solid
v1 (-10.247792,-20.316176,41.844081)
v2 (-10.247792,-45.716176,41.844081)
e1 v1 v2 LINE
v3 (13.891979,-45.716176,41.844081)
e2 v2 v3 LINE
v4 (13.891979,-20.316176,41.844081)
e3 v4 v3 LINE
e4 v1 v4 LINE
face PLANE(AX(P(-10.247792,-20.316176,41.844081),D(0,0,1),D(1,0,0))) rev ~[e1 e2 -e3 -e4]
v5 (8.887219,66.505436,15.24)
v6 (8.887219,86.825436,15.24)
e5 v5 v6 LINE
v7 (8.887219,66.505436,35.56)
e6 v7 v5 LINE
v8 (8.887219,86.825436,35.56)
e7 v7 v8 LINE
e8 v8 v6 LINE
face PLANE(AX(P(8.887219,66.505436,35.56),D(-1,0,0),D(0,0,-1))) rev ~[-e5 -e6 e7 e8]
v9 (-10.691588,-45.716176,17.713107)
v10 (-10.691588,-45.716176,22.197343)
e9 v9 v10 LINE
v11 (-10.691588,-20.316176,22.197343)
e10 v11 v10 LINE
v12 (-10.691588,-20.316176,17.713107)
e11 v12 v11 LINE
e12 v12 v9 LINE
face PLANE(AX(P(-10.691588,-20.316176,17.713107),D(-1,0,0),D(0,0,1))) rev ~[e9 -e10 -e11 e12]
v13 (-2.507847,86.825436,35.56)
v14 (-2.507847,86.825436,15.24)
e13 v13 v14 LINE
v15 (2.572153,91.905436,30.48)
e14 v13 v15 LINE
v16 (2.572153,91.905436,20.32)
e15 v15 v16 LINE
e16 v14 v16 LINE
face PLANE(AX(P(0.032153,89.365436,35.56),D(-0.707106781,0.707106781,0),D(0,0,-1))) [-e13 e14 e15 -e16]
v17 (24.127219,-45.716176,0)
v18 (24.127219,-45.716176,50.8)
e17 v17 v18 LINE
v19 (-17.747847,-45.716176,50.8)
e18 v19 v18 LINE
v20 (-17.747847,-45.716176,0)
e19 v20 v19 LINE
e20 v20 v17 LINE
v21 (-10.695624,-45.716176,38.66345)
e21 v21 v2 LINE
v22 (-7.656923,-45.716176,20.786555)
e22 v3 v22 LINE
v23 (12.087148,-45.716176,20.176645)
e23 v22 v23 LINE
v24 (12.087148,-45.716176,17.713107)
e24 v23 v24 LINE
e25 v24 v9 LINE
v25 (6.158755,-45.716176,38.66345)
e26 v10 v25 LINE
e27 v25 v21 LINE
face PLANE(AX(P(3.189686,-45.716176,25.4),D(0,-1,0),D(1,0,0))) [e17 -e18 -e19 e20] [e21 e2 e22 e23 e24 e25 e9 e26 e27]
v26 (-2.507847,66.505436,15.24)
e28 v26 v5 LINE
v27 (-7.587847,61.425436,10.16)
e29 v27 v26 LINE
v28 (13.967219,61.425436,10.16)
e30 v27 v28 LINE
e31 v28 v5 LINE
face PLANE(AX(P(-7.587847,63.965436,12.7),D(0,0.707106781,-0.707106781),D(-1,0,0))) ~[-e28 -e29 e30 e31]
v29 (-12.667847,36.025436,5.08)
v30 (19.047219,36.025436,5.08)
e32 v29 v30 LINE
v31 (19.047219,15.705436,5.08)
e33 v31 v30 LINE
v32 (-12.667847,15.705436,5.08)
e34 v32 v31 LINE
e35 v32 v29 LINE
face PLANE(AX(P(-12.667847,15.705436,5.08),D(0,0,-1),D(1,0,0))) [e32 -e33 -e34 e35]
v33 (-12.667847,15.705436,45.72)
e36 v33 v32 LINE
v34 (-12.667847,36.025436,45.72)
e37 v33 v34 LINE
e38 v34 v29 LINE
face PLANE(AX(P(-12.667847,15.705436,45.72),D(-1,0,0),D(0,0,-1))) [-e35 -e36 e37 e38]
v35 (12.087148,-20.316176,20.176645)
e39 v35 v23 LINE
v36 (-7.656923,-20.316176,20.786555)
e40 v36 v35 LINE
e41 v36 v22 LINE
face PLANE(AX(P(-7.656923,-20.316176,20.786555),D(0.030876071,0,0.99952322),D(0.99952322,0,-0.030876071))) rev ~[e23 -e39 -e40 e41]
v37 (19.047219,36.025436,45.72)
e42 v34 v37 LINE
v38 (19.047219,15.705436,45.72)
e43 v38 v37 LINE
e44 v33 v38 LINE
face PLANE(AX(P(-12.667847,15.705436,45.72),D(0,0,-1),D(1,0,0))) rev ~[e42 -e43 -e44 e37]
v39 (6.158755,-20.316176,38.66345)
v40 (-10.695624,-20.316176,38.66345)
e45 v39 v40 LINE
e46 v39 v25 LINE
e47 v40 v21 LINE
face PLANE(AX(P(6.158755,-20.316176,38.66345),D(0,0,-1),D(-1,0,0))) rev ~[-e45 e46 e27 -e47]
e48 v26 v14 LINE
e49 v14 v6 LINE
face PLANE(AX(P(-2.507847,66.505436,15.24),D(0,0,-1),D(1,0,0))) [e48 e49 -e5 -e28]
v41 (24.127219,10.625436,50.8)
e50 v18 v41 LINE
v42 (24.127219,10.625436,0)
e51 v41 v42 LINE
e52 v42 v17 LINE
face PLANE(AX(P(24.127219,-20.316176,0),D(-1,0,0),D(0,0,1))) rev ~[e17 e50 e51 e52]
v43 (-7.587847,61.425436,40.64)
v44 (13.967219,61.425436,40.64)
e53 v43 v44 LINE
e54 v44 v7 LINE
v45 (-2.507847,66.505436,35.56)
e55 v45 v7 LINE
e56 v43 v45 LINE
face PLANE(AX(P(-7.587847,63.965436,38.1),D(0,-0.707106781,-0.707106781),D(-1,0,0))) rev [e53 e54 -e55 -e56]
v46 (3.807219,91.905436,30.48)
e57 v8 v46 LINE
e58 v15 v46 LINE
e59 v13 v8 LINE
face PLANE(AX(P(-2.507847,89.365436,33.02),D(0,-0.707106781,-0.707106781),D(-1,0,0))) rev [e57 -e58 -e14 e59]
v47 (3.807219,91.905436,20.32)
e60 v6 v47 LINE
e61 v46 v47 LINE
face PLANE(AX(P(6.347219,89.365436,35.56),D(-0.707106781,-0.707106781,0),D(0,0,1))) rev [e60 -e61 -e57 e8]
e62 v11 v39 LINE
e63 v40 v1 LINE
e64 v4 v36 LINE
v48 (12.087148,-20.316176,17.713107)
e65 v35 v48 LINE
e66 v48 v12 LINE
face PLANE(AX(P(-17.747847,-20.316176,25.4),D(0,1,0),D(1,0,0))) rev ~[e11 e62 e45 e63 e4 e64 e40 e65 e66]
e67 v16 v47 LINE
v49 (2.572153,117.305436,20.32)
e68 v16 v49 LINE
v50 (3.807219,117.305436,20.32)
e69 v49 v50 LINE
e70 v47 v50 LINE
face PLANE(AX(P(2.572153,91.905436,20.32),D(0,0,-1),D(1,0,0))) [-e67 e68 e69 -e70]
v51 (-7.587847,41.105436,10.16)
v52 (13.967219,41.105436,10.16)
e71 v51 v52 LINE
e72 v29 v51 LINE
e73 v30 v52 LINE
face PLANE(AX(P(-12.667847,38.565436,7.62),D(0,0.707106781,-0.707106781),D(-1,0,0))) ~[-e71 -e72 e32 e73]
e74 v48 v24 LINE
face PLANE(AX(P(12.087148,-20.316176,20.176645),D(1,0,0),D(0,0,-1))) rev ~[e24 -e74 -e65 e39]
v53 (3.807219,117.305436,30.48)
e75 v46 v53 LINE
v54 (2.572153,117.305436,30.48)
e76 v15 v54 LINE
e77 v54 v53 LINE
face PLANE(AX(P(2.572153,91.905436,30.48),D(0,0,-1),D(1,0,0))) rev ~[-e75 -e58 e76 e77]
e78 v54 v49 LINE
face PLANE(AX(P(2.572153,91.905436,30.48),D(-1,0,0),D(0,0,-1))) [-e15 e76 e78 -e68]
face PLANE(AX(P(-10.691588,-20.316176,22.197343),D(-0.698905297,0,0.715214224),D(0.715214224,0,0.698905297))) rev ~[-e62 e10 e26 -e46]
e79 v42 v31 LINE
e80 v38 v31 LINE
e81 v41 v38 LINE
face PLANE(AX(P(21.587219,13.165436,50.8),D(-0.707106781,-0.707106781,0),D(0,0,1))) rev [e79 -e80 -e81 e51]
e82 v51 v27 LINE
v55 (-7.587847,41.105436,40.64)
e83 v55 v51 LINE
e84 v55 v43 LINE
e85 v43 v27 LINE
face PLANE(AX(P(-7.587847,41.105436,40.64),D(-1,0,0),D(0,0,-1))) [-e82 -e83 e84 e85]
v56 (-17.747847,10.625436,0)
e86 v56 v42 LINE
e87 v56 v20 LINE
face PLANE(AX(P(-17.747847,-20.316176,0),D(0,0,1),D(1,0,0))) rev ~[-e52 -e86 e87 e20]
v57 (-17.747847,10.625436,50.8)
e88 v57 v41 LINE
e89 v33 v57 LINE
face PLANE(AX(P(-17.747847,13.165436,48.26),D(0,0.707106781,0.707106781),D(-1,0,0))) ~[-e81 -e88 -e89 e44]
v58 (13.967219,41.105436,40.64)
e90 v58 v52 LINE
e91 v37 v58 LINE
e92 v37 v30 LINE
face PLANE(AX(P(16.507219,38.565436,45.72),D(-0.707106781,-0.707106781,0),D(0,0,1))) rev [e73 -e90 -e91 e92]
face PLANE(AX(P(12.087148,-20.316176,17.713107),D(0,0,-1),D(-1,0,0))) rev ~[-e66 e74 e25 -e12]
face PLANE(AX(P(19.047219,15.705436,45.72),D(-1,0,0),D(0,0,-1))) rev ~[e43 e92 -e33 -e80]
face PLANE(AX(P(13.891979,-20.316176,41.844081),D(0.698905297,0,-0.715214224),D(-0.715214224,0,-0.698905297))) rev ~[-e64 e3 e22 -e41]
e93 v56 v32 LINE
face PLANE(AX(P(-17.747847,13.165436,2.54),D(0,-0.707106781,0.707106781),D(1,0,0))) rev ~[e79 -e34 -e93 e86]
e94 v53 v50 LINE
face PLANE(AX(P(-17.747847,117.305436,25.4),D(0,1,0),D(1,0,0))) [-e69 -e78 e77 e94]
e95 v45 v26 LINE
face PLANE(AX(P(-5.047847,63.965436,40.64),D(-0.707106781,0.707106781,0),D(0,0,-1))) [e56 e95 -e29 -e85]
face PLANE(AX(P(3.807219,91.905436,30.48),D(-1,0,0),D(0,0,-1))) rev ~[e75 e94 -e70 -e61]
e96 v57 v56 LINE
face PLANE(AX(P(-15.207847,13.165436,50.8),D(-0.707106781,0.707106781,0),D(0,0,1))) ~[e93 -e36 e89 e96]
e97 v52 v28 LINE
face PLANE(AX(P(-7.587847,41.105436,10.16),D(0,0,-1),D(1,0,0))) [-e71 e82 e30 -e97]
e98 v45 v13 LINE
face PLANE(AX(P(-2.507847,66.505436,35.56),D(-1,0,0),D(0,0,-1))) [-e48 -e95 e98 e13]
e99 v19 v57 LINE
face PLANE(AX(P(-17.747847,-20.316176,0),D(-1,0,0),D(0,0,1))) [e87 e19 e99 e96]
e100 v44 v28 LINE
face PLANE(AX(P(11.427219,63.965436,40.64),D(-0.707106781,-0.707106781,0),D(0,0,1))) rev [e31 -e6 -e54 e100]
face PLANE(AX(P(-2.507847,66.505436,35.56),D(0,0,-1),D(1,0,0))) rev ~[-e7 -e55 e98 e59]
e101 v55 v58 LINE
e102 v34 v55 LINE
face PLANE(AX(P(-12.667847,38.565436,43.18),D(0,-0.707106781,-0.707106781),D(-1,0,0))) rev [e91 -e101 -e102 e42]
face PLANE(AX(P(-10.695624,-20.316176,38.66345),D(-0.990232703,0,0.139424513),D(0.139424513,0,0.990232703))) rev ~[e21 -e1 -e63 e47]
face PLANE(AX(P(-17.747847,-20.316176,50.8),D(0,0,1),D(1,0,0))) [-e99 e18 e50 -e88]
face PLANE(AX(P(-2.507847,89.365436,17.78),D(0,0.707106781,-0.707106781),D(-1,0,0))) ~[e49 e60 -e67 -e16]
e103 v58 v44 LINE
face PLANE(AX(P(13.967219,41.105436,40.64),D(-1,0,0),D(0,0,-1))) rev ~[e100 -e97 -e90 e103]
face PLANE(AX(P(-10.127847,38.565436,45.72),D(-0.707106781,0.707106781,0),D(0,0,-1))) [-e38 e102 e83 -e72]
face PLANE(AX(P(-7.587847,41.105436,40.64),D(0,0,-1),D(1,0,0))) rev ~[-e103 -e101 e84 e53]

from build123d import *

# Parameters (mm, degrees)
F0_W      = 41.8750662357
F0_H      = 36.0216127859
F1_DEPTH  = 25.4
F2_W      = 41.8750662357
F2_H      = 36.0216127859
F3_DEPTH  = 25.4
F4_SIZE   = 5.08
F5_W      = 41.8750662357
F5_H      = 50.8
F6_DEPTH  = 25.4
F7_DEPTH  = 25.4
F8_SIZE   = 5.08
F9_DEPTH  = 25.4
F10_SIZE  = 5.08
F11_DEPTH = 25.4
F12_SIZE  = 5.08
F13_DEPTH = 25.4


with BuildPart() as f1:
    # F0 (on Top) → F1 (new body)
    with BuildSketch(Plane.XY):
        with Locations((3.1896857545, -2.3053699248)):
            Rectangle(F0_W, F0_H)
    extrude(amount=F1_DEPTH)

    # F2 (on face) → F3 (join)
    with BuildSketch(Plane.XY.offset(25.4)):
        with Locations((3.1896857545, -2.3053699248)):
            Rectangle(F2_W, F2_H)
    extrude(amount=F3_DEPTH)

    # F4
    f4_edges = [f1.edges().sort_by_distance(p)[0] for p in [
        (24.127219, 15.705436, 25.4),
        (3.189686, 15.705436, 50.8),
        (-17.747847, 15.705436, 25.4),
        (3.189686, 15.705436, 0),
    ]]
    chamfer(f4_edges, length=F4_SIZE)

    # F5 (on face) → F6 (join)
    with BuildSketch(Plane.XZ.offset(20.3161763178)):
        with Locations((3.1896857545, 25.4)):
            Rectangle(F5_W, F5_H)
        Polygon((-10.6956241652, 38.6634500507), (-10.2477921173, 41.8440811336), (13.8919791207, 41.8440811336), (-7.6569230296, 20.7865554839), (12.0871476829, 20.1766453683), (12.0871476829, 17.7131071687), (-10.6915878132, 17.7131071687), (-10.6915878132, 22.1973434091), (6.1587547541, 38.6634500507), align=None, mode=Mode.SUBTRACT)
    extrude(amount=F6_DEPTH)

    # F7 (add): a face of the model
    f7_faces = [f1.faces().sort_by_distance(p)[0] for p in [
        (3.1896857545, 15.7054364681, 25.4),
    ]]
    extrude(f7_faces, amount=F7_DEPTH)

    # F8
    f8_edges = [f1.edges().sort_by_distance(p)[0] for p in [
        (19.047219, 41.105436, 25.4),
        (3.189686, 41.105436, 45.72),
        (3.189686, 41.105436, 5.08),
        (-12.667847, 41.105436, 25.4),
    ]]
    chamfer(f8_edges, length=F8_SIZE)

    # F9 (add): a face of the model
    f9_faces = [f1.faces().sort_by_distance(p)[0] for p in [
        (3.1896857545, 41.1054364681, 25.4),
    ]]
    extrude(f9_faces, amount=F9_DEPTH)

    # F10
    f10_edges = [f1.edges().sort_by_distance(p)[0] for p in [
        (13.967219, 66.505436, 25.4),
        (3.189686, 66.505436, 40.64),
        (3.189686, 66.505436, 10.16),
        (-7.587847, 66.505436, 25.4),
    ]]
    chamfer(f10_edges, length=F10_SIZE)

    # F11 (add): a face of the model
    f11_faces = [f1.faces().sort_by_distance(p)[0] for p in [
        (3.1896857545, 66.5054364681, 25.4),
    ]]
    extrude(f11_faces, amount=F11_DEPTH)

    # F12
    f12_edges = [f1.edges().sort_by_distance(p)[0] for p in [
        (8.887219, 91.905436, 25.4),
        (3.189686, 91.905436, 35.56),
        (3.189686, 91.905436, 15.24),
        (-2.507847, 91.905436, 25.4),
    ]]
    chamfer(f12_edges, length=F12_SIZE)

    # F13 (add): a face of the model
    f13_faces = [f1.faces().sort_by_distance(p)[0] for p in [
        (3.1896857545, 91.9054364681, 25.4),
    ]]
    extrude(f13_faces, amount=F13_DEPTH)


solid = f1.part
